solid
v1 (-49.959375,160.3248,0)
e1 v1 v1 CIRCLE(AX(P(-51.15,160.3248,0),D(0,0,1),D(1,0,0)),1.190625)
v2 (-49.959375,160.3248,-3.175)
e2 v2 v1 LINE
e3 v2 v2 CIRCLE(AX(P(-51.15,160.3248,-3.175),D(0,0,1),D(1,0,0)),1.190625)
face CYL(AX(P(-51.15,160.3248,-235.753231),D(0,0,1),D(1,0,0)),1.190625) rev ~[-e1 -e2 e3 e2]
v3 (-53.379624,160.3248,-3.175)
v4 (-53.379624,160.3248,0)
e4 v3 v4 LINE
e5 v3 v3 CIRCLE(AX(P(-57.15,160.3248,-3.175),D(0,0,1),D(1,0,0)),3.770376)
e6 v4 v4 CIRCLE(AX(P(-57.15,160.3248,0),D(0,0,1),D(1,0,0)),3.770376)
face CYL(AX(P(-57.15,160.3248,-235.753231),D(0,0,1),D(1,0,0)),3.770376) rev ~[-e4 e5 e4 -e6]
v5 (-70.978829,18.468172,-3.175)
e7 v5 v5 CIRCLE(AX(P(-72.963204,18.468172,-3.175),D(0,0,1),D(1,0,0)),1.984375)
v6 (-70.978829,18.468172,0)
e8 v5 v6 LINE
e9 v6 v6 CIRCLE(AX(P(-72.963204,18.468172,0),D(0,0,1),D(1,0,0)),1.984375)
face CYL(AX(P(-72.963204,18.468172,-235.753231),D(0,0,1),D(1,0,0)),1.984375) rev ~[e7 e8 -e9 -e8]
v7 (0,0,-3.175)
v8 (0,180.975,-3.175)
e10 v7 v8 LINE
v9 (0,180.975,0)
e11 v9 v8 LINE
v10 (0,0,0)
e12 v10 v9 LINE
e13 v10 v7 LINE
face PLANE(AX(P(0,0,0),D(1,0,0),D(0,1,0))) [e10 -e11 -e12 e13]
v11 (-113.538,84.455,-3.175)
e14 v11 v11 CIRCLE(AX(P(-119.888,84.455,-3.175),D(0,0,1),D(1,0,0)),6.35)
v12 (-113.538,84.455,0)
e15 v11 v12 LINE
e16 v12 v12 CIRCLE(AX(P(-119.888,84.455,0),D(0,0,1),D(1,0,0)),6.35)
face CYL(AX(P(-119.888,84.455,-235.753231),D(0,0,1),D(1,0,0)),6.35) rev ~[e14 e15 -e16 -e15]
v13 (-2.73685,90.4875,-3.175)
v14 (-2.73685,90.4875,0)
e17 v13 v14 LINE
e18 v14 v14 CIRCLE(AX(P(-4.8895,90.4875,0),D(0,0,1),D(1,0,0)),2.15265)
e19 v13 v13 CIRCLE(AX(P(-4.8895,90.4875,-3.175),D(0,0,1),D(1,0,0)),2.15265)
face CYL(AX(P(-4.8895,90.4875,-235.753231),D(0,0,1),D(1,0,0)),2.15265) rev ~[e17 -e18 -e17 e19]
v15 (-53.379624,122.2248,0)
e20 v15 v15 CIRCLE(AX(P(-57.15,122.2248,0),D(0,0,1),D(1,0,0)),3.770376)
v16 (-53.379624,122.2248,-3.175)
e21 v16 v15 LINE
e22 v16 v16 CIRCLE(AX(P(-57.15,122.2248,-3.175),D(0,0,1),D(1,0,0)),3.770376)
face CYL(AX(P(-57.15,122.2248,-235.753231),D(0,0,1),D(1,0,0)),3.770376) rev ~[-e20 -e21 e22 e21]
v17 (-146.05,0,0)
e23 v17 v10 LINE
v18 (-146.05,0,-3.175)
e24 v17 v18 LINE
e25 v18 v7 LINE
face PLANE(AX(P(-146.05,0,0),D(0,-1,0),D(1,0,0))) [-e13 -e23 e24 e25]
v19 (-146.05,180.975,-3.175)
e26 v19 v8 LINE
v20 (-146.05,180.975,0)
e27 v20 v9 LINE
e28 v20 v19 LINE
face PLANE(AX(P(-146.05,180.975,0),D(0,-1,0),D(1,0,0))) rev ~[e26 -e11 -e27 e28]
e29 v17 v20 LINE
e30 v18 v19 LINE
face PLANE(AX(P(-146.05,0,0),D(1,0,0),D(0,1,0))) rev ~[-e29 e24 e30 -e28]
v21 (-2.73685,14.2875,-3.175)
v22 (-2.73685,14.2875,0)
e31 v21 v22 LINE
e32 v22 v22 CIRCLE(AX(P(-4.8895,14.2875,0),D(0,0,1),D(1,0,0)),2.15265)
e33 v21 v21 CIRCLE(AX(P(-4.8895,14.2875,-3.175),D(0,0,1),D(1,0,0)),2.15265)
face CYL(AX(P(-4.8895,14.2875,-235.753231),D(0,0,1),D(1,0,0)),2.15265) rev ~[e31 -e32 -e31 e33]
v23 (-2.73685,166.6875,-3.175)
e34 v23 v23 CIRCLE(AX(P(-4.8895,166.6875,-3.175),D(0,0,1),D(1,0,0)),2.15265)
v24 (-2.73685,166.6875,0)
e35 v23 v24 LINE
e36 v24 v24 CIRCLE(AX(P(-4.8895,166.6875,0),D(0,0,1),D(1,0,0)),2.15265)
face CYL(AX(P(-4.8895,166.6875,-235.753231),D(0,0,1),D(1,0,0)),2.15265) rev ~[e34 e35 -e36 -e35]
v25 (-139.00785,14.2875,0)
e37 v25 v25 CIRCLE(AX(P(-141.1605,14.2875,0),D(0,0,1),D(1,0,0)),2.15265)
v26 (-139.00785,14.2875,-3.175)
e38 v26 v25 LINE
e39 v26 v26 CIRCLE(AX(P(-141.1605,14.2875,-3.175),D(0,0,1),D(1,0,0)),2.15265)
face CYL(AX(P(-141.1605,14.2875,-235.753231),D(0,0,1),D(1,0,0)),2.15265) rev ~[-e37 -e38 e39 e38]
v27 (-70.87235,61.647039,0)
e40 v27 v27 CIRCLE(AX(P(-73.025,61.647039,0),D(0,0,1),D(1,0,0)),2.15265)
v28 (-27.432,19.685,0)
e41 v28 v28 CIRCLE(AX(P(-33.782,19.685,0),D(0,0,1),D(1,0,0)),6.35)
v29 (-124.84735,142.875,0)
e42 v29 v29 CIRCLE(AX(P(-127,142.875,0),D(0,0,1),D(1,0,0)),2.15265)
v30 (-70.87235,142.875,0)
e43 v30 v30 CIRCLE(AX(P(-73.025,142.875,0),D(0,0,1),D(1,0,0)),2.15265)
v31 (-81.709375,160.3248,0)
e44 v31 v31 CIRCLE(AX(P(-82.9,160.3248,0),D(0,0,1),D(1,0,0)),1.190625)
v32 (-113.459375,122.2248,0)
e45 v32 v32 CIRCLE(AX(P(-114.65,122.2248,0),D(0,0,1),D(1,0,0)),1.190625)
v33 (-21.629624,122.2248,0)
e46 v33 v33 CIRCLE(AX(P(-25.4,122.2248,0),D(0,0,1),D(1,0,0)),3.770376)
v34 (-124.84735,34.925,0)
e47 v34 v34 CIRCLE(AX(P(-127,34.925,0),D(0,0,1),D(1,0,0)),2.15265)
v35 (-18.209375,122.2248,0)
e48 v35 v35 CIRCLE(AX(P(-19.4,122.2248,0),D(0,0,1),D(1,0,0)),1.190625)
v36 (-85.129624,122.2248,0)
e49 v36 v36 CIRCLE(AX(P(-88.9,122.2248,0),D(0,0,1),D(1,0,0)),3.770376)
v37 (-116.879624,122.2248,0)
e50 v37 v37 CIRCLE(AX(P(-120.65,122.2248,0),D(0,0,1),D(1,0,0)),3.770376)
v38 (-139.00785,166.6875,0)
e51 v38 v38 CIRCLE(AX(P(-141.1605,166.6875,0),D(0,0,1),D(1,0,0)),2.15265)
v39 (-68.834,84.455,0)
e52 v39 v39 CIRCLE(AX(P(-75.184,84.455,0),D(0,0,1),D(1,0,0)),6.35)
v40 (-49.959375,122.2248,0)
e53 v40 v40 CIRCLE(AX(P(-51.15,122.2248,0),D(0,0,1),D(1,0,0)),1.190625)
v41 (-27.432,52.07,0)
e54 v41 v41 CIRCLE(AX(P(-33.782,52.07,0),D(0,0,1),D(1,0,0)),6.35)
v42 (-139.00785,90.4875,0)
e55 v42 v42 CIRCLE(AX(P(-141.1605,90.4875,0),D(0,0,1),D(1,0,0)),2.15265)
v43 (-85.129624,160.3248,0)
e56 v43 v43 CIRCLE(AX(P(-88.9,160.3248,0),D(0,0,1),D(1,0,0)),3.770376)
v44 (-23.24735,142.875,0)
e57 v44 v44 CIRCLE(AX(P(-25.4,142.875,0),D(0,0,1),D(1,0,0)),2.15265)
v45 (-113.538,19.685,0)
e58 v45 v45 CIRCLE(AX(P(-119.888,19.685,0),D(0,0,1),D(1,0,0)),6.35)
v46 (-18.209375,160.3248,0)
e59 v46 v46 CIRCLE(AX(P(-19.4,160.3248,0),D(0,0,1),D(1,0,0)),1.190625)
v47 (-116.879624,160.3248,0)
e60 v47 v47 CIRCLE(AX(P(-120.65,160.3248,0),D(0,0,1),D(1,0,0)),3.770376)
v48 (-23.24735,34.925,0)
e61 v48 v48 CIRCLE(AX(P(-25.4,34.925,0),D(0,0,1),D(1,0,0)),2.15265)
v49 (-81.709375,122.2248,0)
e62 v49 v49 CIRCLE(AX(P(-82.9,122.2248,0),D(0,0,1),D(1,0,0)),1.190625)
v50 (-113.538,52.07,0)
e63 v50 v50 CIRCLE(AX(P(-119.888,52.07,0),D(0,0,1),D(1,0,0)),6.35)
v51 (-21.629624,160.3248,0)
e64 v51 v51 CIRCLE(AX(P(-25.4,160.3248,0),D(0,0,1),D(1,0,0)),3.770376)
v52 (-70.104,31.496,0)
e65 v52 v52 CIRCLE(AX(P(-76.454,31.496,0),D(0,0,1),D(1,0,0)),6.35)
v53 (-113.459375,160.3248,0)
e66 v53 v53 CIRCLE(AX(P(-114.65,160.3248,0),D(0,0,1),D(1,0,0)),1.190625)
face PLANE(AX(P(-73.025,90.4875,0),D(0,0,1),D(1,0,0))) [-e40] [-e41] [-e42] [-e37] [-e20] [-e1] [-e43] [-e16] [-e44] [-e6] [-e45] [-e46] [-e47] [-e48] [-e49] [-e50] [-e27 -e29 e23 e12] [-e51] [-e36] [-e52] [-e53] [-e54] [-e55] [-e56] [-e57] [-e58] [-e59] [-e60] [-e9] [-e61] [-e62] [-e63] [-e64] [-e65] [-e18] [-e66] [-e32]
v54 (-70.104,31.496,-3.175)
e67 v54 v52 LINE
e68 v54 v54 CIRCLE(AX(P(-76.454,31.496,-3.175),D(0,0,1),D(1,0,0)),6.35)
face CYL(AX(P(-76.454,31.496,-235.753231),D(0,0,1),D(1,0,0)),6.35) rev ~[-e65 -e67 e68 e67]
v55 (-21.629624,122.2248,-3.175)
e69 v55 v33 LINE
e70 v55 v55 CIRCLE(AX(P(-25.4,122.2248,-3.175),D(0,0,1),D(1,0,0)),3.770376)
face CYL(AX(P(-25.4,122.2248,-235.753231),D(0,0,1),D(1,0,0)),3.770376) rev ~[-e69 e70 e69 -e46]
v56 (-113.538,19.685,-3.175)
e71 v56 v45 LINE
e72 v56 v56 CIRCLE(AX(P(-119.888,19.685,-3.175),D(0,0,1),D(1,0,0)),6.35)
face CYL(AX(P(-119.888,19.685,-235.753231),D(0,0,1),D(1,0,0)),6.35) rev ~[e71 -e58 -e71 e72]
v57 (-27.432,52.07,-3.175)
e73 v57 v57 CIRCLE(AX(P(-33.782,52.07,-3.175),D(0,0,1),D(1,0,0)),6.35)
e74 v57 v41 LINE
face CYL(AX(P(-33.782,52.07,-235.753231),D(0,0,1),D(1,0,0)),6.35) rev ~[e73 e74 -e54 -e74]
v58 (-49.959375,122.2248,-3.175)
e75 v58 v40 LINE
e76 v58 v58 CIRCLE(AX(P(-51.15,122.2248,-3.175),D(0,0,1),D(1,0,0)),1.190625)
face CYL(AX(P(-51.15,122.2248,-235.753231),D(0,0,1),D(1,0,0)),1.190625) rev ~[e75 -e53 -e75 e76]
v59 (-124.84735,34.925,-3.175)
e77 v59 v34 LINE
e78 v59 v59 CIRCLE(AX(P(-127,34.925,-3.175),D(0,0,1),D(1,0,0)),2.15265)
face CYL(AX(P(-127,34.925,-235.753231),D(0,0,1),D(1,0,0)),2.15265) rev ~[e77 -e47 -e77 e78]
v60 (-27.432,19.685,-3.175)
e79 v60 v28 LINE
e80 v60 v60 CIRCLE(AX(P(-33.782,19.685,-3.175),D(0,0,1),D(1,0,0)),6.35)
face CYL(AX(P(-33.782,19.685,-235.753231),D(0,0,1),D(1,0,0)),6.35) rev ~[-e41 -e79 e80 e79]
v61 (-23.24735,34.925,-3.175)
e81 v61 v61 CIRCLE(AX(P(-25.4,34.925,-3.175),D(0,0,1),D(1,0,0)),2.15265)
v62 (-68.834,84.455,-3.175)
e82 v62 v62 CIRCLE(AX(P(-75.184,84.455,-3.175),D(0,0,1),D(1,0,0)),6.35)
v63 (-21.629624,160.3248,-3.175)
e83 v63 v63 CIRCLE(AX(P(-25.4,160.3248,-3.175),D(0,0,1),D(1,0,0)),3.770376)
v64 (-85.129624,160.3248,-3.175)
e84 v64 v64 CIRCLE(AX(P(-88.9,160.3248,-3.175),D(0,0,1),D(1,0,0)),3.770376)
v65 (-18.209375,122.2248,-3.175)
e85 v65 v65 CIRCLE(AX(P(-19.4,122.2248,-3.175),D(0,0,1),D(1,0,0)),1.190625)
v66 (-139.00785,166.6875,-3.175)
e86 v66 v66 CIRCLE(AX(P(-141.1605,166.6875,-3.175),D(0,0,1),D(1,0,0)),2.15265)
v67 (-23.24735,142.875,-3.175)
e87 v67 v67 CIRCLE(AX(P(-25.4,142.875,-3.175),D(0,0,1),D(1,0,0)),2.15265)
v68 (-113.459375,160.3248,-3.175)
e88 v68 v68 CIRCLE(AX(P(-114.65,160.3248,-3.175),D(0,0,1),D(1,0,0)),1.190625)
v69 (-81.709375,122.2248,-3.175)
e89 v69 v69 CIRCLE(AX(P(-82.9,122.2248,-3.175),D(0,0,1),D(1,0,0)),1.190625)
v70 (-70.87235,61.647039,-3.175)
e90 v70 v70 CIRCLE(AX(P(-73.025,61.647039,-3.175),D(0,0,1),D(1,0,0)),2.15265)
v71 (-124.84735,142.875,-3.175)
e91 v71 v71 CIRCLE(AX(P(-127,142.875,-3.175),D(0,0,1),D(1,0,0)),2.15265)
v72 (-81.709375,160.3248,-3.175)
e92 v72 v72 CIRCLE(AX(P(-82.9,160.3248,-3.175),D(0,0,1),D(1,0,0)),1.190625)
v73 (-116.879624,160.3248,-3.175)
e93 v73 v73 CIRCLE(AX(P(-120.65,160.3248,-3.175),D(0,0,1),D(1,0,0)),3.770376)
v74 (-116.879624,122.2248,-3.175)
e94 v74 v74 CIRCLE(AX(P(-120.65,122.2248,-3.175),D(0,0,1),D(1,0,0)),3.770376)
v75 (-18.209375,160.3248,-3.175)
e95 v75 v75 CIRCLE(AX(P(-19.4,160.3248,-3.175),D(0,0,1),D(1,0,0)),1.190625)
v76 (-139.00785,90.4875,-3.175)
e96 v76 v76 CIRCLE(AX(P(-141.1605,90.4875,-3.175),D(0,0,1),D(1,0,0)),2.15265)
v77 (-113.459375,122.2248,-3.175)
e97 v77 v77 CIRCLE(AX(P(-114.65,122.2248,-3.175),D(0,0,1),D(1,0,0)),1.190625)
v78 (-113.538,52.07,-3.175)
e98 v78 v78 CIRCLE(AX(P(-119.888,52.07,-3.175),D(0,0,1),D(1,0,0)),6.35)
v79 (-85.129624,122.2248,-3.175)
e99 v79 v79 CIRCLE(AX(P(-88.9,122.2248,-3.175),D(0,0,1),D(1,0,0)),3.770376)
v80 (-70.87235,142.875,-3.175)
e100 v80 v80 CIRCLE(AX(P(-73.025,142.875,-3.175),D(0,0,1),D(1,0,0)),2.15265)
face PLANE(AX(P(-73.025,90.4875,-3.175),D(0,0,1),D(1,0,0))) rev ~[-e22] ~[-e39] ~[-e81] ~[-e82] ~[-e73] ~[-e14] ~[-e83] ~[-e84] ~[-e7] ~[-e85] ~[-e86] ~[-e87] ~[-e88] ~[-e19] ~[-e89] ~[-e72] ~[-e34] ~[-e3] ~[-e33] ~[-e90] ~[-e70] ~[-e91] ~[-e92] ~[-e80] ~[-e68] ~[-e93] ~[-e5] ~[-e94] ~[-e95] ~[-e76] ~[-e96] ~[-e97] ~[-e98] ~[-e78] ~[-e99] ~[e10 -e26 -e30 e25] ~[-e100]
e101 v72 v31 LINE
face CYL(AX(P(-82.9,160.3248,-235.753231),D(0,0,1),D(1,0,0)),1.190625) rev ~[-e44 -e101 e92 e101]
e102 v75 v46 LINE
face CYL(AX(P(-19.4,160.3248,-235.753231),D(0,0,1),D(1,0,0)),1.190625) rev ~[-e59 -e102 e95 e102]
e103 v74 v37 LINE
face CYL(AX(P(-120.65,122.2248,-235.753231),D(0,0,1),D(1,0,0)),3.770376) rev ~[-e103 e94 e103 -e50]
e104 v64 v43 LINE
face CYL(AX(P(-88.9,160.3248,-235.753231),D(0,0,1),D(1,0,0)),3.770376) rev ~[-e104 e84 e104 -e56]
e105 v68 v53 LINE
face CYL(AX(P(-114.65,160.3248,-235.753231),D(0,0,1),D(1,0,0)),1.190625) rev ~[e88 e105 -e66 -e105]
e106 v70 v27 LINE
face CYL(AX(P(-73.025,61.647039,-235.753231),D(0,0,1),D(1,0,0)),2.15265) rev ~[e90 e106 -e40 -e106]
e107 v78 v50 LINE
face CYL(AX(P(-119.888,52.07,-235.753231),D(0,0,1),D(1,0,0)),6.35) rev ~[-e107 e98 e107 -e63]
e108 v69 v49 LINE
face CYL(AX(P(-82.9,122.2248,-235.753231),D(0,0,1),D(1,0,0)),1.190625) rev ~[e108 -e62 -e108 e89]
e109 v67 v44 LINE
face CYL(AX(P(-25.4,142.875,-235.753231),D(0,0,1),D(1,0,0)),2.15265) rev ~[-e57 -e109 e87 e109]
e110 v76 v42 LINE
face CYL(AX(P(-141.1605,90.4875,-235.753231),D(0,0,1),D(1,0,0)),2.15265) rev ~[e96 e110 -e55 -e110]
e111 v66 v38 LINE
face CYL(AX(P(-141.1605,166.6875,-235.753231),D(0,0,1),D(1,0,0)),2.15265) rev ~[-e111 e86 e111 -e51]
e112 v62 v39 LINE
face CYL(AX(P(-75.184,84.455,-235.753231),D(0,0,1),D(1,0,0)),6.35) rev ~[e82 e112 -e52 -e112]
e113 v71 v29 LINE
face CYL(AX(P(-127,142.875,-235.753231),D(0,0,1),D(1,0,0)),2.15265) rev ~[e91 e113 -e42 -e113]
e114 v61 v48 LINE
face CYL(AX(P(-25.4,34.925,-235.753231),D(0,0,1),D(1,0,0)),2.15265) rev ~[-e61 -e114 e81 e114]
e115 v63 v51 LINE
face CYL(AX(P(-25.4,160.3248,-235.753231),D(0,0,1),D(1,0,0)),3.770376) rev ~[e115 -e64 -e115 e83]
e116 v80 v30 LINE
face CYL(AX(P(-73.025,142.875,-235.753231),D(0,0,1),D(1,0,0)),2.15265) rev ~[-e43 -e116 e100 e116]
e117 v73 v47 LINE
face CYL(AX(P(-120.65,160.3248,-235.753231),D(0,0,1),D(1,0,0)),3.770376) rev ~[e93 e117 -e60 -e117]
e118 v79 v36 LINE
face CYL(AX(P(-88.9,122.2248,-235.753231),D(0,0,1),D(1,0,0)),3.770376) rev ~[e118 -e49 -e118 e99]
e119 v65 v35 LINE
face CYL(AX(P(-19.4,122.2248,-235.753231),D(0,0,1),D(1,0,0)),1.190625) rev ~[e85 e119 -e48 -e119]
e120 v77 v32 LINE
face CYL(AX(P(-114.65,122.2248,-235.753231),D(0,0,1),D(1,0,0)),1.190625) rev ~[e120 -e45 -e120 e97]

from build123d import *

# Parameters (mm, degrees)
SKETCH1_W                        = 146.05
SKETCH1_H                        = 180.975
BOSS_EXTRUDE1_DEPTH              = 3.175
F_6_CLEARANCE_HOLE1_D            = 4.3053
F_19_64_0_29688_DIAMETER_HOLE1_D = 7.540752
F_1_2_0_5_DIAMETER_HOLE1_D       = 12.7
F_5_32_0_15625_DIAMETER_HOLE1_D  = 3.96875
F_3_32_0_09375_DIAMETER_HOLE1_D  = 2.38125


with BuildPart() as part:
    # Sketch1 → Boss-Extrude1 (new body)
    with BuildSketch(Plane.XY):
        with Locations((-73.025, 90.4875)):
            Rectangle(SKETCH1_W, SKETCH1_H)
    extrude(amount=-BOSS_EXTRUDE1_DEPTH)

    # #6 Clearance Hole1 (through all)
    with Locations(Plane(origin=(0, 0, -3.175), x_dir=(-1, 0, 0), z_dir=(0, 0, -1))):
        with Locations((25.4, 142.875), (73.025, 142.875), (127, 142.875), (25.4, 34.925), (73.025, 61.647038728), (127, 34.925), (4.8895, 14.2875), (141.1605, 14.2875), (4.8895, 90.4875), (141.1605, 90.4875), (141.1605, 166.6875), (4.8895, 166.6875)):
            Hole(F_6_CLEARANCE_HOLE1_D / 2)

    # 19/64 (0.29688) Diameter Hole1 (through all)
    with Locations(Plane(origin=(0, 0, -3.175), x_dir=(-1, 0, 0), z_dir=(0, 0, -1))):
        with Locations((25.4, 160.3248), (57.15, 160.3248), (88.9, 160.3248), (120.65, 160.3248), (25.4, 122.2248), (57.15, 122.2248), (88.9, 122.2248), (120.65, 122.2248)):
            Hole(F_19_64_0_29688_DIAMETER_HOLE1_D / 2)

    # 1/2 (0.5) Diameter Hole1 (through all)
    with Locations(Plane(origin=(0, 0, -3.175), x_dir=(-1, 0, 0), z_dir=(0, 0, -1))):
        with Locations((75.184, 84.455), (119.888, 84.455), (119.888, 52.07), (33.782, 52.07), (33.782, 19.685), (119.888, 19.685), (76.454, 31.496)):
            Hole(F_1_2_0_5_DIAMETER_HOLE1_D / 2)

    # 5/32 (0.15625) Diameter Hole1 (through all)
    with Locations(Plane(origin=(0, 0, -3.175), x_dir=(-1, 0, 0), z_dir=(0, 0, -1))):
        with Locations((72.963204011, 18.468172011)):
            Hole(F_5_32_0_15625_DIAMETER_HOLE1_D / 2)

    # 3/32 (0.09375) Diameter Hole1 (through all)
    with Locations(Plane(origin=(0, 0, -3.175), x_dir=(-1, 0, 0), z_dir=(0, 0, -1))):
        with Locations((19.4, 160.324800026), (51.15, 160.324800026), (82.9, 160.324800026), (114.65, 160.324800026), (114.65, 122.224800026), (82.9, 122.224800026), (51.15, 122.224800026), (19.4, 122.224800026)):
            Hole(F_3_32_0_09375_DIAMETER_HOLE1_D / 2)


solid = part.part
